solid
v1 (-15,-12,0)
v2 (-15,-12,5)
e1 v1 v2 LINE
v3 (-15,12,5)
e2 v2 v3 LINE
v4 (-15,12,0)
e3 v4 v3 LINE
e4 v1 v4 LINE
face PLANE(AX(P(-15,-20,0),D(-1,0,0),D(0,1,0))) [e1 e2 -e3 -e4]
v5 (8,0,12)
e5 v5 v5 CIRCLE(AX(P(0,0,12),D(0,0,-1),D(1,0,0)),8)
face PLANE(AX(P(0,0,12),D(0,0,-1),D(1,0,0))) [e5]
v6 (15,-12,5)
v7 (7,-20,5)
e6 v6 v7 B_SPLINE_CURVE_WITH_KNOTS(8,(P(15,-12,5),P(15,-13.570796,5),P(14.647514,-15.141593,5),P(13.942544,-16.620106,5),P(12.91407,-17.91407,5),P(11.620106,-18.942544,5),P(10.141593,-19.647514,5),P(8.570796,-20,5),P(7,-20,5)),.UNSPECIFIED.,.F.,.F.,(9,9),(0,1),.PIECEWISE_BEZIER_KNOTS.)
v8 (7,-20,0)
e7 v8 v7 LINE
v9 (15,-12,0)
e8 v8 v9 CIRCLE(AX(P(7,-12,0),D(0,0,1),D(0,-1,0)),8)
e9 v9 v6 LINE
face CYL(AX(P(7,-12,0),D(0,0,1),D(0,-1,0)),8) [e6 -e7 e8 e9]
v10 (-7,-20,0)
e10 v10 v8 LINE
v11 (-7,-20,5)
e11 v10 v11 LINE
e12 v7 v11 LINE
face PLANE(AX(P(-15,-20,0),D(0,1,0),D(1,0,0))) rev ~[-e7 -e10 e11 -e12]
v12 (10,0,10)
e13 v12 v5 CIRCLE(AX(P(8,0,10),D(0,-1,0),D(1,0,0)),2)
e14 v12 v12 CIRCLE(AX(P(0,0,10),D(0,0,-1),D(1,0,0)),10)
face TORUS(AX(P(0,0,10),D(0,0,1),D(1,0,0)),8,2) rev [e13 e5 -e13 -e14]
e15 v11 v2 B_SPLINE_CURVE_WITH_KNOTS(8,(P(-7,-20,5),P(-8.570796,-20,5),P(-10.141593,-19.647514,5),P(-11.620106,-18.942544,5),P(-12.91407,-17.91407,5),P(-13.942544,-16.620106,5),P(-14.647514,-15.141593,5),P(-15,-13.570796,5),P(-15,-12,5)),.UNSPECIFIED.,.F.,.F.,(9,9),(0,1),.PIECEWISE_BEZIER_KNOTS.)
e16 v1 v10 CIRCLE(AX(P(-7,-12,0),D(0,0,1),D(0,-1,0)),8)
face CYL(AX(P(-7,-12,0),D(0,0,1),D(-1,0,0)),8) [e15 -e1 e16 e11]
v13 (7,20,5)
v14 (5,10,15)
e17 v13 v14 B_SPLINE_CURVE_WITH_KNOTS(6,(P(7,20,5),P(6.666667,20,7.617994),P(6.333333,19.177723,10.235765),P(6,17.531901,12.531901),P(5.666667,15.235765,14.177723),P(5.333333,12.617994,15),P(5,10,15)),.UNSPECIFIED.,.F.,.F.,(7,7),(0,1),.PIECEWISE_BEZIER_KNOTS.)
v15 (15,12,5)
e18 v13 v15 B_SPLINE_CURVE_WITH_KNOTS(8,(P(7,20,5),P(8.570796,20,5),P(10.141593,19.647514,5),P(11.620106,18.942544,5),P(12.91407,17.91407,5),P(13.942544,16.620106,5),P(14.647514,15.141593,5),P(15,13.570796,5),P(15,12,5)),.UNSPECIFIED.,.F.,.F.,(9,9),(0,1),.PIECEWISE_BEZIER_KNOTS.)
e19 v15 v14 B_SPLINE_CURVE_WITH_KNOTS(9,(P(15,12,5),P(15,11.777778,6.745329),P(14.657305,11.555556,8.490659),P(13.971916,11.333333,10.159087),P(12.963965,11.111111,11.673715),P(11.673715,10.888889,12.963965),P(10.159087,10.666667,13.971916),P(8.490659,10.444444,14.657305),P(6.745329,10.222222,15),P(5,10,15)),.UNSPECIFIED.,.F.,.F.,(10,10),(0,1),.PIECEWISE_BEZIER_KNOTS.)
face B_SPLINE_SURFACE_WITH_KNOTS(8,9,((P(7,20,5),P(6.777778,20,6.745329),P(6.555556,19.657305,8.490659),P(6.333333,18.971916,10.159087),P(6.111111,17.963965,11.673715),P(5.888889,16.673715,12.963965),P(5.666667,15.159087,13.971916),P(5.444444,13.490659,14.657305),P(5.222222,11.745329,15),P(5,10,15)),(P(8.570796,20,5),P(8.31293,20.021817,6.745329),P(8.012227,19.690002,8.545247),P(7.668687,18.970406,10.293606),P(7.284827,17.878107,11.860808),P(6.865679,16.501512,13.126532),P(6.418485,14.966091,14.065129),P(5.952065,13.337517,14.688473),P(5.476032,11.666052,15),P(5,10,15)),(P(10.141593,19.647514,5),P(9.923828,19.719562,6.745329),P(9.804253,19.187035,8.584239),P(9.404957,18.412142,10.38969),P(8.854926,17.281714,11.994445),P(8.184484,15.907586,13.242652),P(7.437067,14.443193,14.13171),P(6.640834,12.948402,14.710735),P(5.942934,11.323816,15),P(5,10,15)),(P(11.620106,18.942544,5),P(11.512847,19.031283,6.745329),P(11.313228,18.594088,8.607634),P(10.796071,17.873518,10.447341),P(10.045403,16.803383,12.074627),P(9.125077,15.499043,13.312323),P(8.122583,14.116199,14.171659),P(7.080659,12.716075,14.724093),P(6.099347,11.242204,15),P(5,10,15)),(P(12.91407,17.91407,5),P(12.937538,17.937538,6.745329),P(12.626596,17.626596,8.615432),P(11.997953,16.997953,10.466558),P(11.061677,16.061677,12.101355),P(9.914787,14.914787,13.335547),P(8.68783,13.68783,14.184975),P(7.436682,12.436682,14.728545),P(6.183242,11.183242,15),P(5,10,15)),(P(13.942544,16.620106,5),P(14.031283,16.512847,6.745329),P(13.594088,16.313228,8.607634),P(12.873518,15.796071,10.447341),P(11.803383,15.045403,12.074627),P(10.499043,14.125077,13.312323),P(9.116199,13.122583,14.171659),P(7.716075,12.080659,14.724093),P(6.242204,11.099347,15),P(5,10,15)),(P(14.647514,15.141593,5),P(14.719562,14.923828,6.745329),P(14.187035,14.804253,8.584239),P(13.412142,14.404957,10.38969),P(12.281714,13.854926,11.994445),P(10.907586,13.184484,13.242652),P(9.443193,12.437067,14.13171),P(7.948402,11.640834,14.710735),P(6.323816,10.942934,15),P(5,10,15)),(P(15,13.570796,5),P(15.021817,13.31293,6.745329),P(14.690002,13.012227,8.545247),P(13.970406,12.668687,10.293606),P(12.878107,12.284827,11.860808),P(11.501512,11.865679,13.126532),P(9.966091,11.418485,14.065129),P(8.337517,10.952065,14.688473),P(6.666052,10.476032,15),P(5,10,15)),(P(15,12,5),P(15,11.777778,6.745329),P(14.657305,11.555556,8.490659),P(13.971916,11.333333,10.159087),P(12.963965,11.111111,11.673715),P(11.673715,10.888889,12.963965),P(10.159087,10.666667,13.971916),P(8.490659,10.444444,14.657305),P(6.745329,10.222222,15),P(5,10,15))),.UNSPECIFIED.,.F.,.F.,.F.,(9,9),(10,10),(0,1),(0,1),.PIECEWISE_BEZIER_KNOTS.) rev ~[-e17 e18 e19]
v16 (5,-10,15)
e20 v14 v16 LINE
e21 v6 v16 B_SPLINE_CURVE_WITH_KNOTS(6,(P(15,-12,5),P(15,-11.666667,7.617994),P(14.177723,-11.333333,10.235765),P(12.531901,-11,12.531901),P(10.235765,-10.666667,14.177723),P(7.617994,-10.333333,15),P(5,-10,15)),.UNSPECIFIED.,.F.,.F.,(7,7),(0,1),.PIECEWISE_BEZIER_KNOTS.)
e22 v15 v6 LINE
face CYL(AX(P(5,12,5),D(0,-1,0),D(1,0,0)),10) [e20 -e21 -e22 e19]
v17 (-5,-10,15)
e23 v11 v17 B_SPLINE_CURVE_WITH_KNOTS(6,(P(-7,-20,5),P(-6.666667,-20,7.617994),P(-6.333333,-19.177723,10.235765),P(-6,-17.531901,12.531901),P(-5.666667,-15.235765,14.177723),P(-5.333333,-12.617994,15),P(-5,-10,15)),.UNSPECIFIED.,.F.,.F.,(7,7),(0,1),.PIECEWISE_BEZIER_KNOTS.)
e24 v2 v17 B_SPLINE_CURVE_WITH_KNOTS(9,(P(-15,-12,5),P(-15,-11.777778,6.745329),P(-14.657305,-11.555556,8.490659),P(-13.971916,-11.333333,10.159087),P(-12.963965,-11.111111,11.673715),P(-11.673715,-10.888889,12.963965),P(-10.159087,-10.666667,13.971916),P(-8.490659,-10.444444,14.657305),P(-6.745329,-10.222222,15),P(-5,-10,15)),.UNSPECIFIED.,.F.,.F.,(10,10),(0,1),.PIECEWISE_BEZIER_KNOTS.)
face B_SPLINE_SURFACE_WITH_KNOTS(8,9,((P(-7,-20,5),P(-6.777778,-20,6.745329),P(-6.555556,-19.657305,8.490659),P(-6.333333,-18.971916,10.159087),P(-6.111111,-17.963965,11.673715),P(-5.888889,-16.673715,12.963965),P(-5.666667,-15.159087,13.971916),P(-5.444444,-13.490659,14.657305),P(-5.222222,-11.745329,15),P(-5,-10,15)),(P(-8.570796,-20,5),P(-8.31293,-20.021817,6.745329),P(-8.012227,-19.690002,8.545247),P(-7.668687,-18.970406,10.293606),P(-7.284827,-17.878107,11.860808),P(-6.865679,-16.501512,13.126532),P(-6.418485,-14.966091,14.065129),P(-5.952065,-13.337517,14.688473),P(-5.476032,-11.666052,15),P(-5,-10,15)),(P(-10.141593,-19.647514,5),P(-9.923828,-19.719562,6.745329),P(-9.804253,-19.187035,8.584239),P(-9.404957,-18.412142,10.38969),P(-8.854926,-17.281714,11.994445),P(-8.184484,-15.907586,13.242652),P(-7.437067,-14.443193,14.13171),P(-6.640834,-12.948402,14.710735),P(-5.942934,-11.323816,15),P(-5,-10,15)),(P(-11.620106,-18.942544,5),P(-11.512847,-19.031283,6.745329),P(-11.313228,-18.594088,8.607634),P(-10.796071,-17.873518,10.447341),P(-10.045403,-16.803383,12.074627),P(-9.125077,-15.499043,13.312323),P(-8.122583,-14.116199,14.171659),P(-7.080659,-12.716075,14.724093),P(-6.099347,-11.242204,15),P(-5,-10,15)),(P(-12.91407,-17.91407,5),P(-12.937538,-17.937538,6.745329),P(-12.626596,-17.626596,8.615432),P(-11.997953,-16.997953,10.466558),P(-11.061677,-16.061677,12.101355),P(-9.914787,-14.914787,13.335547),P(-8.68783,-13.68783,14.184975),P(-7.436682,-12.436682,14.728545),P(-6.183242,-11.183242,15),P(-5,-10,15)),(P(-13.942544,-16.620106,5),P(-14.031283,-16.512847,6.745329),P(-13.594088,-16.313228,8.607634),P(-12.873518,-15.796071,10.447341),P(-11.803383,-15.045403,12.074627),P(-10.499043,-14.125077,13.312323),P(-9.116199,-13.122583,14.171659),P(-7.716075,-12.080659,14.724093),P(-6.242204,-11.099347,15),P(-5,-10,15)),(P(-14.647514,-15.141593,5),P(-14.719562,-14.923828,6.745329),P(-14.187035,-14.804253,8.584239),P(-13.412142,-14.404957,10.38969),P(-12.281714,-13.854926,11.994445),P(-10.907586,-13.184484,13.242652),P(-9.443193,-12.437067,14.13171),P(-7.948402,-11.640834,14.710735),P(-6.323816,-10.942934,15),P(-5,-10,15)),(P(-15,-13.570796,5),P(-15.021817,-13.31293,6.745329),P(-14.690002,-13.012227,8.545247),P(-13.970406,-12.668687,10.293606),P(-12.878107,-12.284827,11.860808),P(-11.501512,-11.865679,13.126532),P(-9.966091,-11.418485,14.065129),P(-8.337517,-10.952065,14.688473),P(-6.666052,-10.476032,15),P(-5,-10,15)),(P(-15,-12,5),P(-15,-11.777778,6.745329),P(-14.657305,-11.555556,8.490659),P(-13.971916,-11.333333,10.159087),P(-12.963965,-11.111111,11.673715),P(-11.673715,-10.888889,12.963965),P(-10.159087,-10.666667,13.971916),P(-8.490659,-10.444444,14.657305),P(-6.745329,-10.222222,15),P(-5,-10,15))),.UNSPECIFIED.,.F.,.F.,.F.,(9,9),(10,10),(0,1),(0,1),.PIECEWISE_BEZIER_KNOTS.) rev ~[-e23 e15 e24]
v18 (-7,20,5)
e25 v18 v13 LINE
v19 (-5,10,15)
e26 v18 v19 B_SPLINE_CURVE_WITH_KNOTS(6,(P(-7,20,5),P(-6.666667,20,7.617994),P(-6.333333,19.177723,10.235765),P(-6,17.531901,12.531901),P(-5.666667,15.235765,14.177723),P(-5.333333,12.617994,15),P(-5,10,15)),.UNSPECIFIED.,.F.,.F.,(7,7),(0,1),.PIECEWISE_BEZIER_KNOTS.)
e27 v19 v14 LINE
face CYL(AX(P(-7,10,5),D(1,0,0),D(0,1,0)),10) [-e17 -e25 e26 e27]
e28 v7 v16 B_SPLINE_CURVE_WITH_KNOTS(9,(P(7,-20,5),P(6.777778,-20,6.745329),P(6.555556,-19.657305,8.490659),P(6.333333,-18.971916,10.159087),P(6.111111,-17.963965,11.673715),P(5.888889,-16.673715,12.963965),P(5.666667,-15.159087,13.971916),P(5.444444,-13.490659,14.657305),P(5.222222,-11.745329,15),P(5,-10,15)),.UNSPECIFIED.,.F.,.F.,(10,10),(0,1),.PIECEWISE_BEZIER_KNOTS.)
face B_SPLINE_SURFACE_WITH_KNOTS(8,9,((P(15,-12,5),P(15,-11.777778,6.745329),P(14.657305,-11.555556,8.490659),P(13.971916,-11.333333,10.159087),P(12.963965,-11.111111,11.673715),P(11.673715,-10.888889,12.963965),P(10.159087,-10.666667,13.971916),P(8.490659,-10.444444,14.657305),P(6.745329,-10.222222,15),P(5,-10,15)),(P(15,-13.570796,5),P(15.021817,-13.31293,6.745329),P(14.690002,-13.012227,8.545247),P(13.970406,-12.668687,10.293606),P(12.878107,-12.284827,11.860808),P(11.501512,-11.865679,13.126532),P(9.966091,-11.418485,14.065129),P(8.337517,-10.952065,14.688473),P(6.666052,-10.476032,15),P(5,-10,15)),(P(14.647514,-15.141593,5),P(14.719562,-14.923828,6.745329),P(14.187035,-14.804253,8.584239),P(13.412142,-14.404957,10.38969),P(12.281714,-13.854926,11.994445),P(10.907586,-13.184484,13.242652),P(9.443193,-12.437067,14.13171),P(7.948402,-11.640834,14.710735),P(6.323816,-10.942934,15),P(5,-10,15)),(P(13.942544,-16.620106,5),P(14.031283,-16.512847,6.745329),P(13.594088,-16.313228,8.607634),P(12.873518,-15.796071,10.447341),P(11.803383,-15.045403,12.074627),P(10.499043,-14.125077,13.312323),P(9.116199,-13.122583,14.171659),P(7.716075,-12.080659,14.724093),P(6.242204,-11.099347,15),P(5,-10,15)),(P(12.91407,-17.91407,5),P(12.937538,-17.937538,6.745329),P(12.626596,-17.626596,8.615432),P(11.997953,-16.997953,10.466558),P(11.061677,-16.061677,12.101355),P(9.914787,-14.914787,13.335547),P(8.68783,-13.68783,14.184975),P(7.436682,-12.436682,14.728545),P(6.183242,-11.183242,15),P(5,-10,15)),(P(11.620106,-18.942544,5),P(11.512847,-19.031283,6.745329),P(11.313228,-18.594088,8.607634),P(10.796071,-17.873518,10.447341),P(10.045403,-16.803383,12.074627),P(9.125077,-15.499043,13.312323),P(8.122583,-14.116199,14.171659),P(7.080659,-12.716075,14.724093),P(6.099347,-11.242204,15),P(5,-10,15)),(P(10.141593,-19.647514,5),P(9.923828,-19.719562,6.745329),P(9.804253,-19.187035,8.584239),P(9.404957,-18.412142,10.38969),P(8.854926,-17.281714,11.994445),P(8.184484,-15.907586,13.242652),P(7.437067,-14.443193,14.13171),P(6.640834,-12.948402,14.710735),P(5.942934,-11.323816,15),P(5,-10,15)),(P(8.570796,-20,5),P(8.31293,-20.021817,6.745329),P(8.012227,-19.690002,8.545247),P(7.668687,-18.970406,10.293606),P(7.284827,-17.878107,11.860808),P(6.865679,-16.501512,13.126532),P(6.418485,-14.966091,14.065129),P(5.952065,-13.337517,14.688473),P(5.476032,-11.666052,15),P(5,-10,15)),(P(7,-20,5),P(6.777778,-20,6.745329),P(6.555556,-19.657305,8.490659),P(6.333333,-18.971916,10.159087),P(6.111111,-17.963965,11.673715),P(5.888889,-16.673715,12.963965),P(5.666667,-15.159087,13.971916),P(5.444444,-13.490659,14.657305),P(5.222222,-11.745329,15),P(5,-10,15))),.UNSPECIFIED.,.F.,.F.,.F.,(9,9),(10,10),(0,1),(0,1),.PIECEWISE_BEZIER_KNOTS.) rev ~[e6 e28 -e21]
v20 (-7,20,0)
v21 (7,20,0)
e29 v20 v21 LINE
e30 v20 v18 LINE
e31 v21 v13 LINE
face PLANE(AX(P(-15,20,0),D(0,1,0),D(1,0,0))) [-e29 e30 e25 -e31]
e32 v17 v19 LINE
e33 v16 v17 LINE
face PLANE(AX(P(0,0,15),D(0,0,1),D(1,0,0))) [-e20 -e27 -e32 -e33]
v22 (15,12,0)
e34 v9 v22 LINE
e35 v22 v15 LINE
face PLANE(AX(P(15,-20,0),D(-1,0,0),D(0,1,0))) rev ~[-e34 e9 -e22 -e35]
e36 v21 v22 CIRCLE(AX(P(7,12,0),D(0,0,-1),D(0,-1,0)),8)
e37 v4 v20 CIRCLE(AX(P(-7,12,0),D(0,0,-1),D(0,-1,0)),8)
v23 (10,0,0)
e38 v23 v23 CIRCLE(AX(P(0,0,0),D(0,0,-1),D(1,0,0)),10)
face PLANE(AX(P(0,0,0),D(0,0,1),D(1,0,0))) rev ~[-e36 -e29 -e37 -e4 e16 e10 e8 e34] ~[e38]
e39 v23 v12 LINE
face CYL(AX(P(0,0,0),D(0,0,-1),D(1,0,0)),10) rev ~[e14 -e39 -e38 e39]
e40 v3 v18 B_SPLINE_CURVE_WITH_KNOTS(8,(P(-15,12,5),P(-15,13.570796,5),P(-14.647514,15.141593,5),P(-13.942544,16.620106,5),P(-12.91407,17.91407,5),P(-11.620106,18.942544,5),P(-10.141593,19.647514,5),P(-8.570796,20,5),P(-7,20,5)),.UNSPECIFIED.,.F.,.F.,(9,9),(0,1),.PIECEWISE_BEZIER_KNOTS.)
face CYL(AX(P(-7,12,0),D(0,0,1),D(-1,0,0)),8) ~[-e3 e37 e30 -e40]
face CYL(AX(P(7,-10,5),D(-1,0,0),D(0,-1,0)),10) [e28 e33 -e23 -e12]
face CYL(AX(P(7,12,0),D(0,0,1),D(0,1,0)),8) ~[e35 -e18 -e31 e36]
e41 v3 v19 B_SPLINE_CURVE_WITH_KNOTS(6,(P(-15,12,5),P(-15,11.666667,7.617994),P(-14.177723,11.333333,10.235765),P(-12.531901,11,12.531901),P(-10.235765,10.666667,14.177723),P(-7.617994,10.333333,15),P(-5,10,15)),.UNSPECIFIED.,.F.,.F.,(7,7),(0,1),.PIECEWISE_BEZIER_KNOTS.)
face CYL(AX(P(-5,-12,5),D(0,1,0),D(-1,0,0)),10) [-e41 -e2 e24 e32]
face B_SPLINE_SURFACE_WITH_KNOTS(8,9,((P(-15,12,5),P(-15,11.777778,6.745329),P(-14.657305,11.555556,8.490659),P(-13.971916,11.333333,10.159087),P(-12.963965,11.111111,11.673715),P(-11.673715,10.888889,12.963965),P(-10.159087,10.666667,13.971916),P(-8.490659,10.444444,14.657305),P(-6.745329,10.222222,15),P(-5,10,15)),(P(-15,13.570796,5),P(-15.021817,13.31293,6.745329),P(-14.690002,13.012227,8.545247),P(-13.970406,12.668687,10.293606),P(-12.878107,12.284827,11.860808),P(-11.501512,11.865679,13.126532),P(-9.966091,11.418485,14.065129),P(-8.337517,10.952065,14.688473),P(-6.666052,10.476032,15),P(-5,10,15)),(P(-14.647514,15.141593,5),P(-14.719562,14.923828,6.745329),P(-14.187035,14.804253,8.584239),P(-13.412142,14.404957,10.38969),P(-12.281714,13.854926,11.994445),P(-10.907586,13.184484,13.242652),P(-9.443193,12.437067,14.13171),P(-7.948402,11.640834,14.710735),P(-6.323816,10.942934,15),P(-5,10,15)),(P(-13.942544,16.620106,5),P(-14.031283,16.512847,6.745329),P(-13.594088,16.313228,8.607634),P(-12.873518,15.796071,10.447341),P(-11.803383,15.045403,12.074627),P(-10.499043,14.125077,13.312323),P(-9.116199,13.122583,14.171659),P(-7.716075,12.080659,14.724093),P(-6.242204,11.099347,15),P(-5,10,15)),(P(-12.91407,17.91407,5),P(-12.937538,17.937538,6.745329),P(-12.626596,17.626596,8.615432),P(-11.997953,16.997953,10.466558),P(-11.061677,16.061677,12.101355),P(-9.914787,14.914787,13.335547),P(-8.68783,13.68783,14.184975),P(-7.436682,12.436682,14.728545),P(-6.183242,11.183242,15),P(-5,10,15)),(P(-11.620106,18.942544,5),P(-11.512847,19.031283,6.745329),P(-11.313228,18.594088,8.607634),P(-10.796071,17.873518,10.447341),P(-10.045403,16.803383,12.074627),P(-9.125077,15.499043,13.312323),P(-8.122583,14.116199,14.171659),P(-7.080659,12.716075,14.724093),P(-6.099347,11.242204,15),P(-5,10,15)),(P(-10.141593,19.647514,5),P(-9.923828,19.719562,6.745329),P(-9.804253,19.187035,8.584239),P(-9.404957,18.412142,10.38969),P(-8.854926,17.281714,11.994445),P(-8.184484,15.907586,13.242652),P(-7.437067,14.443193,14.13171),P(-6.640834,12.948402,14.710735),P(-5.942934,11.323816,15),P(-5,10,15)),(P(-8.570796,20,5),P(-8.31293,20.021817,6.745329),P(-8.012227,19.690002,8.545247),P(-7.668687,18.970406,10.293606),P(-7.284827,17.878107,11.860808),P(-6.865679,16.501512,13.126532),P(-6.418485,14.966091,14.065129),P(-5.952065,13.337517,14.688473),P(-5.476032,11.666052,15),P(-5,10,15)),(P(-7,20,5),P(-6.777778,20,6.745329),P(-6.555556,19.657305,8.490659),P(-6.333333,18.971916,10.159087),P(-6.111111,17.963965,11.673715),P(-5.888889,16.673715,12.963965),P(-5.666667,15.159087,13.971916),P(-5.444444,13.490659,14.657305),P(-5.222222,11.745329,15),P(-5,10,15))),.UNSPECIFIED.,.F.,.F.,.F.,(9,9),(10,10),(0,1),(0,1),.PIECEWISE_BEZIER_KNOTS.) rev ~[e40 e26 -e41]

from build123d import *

# Parameters (mm, degrees)
SKETCH_W     = 30
SKETCH_H     = 40
PAD_DEPTH    = 15
SKETCH001_R  = 10
POCKET_DEPTH = 12
FILLET_R     = 2
FILLET001_R  = 8
FILLET002_R  = 10


with BuildPart() as part:
    # Sketch → Pad (new body)
    with BuildSketch(Plane.XY):
        Rectangle(SKETCH_W, SKETCH_H)
    extrude(amount=PAD_DEPTH)

    # Sketch001 (on Face5 of Pad) → Pocket (cut)
    with BuildSketch(Plane(origin=(0, 0, 0), x_dir=(1, 0, 0), z_dir=(0, 0, -1))):
        Circle(SKETCH001_R)
    extrude(amount=-POCKET_DEPTH, mode=Mode.SUBTRACT)

    # Fillet
    fillet_edges = [part.edges().sort_by_distance(p)[0] for p in [
        (-10, 0, 12),
    ]]
    fillet(fillet_edges, radius=FILLET_R)

    # Fillet001
    fillet001_edges = [part.edges().sort_by_distance(p)[0] for p in [
        (-15, 20, 7.5),
        (-15, -20, 7.5),
        (15, -20, 7.5),
        (15, 20, 7.5),
    ]]
    fillet(fillet001_edges, radius=FILLET001_R)

    # Fillet002
    fillet002_edges = [part.edges().sort_by_distance(p)[0] for p in [
        (0, 20, 15),
        (12.656854, 17.656854, 15),
        (-12.656854, 17.656854, 15),
        (15, 0, 15),
        (-15, 0, 15),
        (12.656854, -17.656854, 15),
        (-12.656854, -17.656854, 15),
        (0, -20, 15),
    ]]
    fillet(fillet002_edges, radius=FILLET002_R)


solid = part.part
